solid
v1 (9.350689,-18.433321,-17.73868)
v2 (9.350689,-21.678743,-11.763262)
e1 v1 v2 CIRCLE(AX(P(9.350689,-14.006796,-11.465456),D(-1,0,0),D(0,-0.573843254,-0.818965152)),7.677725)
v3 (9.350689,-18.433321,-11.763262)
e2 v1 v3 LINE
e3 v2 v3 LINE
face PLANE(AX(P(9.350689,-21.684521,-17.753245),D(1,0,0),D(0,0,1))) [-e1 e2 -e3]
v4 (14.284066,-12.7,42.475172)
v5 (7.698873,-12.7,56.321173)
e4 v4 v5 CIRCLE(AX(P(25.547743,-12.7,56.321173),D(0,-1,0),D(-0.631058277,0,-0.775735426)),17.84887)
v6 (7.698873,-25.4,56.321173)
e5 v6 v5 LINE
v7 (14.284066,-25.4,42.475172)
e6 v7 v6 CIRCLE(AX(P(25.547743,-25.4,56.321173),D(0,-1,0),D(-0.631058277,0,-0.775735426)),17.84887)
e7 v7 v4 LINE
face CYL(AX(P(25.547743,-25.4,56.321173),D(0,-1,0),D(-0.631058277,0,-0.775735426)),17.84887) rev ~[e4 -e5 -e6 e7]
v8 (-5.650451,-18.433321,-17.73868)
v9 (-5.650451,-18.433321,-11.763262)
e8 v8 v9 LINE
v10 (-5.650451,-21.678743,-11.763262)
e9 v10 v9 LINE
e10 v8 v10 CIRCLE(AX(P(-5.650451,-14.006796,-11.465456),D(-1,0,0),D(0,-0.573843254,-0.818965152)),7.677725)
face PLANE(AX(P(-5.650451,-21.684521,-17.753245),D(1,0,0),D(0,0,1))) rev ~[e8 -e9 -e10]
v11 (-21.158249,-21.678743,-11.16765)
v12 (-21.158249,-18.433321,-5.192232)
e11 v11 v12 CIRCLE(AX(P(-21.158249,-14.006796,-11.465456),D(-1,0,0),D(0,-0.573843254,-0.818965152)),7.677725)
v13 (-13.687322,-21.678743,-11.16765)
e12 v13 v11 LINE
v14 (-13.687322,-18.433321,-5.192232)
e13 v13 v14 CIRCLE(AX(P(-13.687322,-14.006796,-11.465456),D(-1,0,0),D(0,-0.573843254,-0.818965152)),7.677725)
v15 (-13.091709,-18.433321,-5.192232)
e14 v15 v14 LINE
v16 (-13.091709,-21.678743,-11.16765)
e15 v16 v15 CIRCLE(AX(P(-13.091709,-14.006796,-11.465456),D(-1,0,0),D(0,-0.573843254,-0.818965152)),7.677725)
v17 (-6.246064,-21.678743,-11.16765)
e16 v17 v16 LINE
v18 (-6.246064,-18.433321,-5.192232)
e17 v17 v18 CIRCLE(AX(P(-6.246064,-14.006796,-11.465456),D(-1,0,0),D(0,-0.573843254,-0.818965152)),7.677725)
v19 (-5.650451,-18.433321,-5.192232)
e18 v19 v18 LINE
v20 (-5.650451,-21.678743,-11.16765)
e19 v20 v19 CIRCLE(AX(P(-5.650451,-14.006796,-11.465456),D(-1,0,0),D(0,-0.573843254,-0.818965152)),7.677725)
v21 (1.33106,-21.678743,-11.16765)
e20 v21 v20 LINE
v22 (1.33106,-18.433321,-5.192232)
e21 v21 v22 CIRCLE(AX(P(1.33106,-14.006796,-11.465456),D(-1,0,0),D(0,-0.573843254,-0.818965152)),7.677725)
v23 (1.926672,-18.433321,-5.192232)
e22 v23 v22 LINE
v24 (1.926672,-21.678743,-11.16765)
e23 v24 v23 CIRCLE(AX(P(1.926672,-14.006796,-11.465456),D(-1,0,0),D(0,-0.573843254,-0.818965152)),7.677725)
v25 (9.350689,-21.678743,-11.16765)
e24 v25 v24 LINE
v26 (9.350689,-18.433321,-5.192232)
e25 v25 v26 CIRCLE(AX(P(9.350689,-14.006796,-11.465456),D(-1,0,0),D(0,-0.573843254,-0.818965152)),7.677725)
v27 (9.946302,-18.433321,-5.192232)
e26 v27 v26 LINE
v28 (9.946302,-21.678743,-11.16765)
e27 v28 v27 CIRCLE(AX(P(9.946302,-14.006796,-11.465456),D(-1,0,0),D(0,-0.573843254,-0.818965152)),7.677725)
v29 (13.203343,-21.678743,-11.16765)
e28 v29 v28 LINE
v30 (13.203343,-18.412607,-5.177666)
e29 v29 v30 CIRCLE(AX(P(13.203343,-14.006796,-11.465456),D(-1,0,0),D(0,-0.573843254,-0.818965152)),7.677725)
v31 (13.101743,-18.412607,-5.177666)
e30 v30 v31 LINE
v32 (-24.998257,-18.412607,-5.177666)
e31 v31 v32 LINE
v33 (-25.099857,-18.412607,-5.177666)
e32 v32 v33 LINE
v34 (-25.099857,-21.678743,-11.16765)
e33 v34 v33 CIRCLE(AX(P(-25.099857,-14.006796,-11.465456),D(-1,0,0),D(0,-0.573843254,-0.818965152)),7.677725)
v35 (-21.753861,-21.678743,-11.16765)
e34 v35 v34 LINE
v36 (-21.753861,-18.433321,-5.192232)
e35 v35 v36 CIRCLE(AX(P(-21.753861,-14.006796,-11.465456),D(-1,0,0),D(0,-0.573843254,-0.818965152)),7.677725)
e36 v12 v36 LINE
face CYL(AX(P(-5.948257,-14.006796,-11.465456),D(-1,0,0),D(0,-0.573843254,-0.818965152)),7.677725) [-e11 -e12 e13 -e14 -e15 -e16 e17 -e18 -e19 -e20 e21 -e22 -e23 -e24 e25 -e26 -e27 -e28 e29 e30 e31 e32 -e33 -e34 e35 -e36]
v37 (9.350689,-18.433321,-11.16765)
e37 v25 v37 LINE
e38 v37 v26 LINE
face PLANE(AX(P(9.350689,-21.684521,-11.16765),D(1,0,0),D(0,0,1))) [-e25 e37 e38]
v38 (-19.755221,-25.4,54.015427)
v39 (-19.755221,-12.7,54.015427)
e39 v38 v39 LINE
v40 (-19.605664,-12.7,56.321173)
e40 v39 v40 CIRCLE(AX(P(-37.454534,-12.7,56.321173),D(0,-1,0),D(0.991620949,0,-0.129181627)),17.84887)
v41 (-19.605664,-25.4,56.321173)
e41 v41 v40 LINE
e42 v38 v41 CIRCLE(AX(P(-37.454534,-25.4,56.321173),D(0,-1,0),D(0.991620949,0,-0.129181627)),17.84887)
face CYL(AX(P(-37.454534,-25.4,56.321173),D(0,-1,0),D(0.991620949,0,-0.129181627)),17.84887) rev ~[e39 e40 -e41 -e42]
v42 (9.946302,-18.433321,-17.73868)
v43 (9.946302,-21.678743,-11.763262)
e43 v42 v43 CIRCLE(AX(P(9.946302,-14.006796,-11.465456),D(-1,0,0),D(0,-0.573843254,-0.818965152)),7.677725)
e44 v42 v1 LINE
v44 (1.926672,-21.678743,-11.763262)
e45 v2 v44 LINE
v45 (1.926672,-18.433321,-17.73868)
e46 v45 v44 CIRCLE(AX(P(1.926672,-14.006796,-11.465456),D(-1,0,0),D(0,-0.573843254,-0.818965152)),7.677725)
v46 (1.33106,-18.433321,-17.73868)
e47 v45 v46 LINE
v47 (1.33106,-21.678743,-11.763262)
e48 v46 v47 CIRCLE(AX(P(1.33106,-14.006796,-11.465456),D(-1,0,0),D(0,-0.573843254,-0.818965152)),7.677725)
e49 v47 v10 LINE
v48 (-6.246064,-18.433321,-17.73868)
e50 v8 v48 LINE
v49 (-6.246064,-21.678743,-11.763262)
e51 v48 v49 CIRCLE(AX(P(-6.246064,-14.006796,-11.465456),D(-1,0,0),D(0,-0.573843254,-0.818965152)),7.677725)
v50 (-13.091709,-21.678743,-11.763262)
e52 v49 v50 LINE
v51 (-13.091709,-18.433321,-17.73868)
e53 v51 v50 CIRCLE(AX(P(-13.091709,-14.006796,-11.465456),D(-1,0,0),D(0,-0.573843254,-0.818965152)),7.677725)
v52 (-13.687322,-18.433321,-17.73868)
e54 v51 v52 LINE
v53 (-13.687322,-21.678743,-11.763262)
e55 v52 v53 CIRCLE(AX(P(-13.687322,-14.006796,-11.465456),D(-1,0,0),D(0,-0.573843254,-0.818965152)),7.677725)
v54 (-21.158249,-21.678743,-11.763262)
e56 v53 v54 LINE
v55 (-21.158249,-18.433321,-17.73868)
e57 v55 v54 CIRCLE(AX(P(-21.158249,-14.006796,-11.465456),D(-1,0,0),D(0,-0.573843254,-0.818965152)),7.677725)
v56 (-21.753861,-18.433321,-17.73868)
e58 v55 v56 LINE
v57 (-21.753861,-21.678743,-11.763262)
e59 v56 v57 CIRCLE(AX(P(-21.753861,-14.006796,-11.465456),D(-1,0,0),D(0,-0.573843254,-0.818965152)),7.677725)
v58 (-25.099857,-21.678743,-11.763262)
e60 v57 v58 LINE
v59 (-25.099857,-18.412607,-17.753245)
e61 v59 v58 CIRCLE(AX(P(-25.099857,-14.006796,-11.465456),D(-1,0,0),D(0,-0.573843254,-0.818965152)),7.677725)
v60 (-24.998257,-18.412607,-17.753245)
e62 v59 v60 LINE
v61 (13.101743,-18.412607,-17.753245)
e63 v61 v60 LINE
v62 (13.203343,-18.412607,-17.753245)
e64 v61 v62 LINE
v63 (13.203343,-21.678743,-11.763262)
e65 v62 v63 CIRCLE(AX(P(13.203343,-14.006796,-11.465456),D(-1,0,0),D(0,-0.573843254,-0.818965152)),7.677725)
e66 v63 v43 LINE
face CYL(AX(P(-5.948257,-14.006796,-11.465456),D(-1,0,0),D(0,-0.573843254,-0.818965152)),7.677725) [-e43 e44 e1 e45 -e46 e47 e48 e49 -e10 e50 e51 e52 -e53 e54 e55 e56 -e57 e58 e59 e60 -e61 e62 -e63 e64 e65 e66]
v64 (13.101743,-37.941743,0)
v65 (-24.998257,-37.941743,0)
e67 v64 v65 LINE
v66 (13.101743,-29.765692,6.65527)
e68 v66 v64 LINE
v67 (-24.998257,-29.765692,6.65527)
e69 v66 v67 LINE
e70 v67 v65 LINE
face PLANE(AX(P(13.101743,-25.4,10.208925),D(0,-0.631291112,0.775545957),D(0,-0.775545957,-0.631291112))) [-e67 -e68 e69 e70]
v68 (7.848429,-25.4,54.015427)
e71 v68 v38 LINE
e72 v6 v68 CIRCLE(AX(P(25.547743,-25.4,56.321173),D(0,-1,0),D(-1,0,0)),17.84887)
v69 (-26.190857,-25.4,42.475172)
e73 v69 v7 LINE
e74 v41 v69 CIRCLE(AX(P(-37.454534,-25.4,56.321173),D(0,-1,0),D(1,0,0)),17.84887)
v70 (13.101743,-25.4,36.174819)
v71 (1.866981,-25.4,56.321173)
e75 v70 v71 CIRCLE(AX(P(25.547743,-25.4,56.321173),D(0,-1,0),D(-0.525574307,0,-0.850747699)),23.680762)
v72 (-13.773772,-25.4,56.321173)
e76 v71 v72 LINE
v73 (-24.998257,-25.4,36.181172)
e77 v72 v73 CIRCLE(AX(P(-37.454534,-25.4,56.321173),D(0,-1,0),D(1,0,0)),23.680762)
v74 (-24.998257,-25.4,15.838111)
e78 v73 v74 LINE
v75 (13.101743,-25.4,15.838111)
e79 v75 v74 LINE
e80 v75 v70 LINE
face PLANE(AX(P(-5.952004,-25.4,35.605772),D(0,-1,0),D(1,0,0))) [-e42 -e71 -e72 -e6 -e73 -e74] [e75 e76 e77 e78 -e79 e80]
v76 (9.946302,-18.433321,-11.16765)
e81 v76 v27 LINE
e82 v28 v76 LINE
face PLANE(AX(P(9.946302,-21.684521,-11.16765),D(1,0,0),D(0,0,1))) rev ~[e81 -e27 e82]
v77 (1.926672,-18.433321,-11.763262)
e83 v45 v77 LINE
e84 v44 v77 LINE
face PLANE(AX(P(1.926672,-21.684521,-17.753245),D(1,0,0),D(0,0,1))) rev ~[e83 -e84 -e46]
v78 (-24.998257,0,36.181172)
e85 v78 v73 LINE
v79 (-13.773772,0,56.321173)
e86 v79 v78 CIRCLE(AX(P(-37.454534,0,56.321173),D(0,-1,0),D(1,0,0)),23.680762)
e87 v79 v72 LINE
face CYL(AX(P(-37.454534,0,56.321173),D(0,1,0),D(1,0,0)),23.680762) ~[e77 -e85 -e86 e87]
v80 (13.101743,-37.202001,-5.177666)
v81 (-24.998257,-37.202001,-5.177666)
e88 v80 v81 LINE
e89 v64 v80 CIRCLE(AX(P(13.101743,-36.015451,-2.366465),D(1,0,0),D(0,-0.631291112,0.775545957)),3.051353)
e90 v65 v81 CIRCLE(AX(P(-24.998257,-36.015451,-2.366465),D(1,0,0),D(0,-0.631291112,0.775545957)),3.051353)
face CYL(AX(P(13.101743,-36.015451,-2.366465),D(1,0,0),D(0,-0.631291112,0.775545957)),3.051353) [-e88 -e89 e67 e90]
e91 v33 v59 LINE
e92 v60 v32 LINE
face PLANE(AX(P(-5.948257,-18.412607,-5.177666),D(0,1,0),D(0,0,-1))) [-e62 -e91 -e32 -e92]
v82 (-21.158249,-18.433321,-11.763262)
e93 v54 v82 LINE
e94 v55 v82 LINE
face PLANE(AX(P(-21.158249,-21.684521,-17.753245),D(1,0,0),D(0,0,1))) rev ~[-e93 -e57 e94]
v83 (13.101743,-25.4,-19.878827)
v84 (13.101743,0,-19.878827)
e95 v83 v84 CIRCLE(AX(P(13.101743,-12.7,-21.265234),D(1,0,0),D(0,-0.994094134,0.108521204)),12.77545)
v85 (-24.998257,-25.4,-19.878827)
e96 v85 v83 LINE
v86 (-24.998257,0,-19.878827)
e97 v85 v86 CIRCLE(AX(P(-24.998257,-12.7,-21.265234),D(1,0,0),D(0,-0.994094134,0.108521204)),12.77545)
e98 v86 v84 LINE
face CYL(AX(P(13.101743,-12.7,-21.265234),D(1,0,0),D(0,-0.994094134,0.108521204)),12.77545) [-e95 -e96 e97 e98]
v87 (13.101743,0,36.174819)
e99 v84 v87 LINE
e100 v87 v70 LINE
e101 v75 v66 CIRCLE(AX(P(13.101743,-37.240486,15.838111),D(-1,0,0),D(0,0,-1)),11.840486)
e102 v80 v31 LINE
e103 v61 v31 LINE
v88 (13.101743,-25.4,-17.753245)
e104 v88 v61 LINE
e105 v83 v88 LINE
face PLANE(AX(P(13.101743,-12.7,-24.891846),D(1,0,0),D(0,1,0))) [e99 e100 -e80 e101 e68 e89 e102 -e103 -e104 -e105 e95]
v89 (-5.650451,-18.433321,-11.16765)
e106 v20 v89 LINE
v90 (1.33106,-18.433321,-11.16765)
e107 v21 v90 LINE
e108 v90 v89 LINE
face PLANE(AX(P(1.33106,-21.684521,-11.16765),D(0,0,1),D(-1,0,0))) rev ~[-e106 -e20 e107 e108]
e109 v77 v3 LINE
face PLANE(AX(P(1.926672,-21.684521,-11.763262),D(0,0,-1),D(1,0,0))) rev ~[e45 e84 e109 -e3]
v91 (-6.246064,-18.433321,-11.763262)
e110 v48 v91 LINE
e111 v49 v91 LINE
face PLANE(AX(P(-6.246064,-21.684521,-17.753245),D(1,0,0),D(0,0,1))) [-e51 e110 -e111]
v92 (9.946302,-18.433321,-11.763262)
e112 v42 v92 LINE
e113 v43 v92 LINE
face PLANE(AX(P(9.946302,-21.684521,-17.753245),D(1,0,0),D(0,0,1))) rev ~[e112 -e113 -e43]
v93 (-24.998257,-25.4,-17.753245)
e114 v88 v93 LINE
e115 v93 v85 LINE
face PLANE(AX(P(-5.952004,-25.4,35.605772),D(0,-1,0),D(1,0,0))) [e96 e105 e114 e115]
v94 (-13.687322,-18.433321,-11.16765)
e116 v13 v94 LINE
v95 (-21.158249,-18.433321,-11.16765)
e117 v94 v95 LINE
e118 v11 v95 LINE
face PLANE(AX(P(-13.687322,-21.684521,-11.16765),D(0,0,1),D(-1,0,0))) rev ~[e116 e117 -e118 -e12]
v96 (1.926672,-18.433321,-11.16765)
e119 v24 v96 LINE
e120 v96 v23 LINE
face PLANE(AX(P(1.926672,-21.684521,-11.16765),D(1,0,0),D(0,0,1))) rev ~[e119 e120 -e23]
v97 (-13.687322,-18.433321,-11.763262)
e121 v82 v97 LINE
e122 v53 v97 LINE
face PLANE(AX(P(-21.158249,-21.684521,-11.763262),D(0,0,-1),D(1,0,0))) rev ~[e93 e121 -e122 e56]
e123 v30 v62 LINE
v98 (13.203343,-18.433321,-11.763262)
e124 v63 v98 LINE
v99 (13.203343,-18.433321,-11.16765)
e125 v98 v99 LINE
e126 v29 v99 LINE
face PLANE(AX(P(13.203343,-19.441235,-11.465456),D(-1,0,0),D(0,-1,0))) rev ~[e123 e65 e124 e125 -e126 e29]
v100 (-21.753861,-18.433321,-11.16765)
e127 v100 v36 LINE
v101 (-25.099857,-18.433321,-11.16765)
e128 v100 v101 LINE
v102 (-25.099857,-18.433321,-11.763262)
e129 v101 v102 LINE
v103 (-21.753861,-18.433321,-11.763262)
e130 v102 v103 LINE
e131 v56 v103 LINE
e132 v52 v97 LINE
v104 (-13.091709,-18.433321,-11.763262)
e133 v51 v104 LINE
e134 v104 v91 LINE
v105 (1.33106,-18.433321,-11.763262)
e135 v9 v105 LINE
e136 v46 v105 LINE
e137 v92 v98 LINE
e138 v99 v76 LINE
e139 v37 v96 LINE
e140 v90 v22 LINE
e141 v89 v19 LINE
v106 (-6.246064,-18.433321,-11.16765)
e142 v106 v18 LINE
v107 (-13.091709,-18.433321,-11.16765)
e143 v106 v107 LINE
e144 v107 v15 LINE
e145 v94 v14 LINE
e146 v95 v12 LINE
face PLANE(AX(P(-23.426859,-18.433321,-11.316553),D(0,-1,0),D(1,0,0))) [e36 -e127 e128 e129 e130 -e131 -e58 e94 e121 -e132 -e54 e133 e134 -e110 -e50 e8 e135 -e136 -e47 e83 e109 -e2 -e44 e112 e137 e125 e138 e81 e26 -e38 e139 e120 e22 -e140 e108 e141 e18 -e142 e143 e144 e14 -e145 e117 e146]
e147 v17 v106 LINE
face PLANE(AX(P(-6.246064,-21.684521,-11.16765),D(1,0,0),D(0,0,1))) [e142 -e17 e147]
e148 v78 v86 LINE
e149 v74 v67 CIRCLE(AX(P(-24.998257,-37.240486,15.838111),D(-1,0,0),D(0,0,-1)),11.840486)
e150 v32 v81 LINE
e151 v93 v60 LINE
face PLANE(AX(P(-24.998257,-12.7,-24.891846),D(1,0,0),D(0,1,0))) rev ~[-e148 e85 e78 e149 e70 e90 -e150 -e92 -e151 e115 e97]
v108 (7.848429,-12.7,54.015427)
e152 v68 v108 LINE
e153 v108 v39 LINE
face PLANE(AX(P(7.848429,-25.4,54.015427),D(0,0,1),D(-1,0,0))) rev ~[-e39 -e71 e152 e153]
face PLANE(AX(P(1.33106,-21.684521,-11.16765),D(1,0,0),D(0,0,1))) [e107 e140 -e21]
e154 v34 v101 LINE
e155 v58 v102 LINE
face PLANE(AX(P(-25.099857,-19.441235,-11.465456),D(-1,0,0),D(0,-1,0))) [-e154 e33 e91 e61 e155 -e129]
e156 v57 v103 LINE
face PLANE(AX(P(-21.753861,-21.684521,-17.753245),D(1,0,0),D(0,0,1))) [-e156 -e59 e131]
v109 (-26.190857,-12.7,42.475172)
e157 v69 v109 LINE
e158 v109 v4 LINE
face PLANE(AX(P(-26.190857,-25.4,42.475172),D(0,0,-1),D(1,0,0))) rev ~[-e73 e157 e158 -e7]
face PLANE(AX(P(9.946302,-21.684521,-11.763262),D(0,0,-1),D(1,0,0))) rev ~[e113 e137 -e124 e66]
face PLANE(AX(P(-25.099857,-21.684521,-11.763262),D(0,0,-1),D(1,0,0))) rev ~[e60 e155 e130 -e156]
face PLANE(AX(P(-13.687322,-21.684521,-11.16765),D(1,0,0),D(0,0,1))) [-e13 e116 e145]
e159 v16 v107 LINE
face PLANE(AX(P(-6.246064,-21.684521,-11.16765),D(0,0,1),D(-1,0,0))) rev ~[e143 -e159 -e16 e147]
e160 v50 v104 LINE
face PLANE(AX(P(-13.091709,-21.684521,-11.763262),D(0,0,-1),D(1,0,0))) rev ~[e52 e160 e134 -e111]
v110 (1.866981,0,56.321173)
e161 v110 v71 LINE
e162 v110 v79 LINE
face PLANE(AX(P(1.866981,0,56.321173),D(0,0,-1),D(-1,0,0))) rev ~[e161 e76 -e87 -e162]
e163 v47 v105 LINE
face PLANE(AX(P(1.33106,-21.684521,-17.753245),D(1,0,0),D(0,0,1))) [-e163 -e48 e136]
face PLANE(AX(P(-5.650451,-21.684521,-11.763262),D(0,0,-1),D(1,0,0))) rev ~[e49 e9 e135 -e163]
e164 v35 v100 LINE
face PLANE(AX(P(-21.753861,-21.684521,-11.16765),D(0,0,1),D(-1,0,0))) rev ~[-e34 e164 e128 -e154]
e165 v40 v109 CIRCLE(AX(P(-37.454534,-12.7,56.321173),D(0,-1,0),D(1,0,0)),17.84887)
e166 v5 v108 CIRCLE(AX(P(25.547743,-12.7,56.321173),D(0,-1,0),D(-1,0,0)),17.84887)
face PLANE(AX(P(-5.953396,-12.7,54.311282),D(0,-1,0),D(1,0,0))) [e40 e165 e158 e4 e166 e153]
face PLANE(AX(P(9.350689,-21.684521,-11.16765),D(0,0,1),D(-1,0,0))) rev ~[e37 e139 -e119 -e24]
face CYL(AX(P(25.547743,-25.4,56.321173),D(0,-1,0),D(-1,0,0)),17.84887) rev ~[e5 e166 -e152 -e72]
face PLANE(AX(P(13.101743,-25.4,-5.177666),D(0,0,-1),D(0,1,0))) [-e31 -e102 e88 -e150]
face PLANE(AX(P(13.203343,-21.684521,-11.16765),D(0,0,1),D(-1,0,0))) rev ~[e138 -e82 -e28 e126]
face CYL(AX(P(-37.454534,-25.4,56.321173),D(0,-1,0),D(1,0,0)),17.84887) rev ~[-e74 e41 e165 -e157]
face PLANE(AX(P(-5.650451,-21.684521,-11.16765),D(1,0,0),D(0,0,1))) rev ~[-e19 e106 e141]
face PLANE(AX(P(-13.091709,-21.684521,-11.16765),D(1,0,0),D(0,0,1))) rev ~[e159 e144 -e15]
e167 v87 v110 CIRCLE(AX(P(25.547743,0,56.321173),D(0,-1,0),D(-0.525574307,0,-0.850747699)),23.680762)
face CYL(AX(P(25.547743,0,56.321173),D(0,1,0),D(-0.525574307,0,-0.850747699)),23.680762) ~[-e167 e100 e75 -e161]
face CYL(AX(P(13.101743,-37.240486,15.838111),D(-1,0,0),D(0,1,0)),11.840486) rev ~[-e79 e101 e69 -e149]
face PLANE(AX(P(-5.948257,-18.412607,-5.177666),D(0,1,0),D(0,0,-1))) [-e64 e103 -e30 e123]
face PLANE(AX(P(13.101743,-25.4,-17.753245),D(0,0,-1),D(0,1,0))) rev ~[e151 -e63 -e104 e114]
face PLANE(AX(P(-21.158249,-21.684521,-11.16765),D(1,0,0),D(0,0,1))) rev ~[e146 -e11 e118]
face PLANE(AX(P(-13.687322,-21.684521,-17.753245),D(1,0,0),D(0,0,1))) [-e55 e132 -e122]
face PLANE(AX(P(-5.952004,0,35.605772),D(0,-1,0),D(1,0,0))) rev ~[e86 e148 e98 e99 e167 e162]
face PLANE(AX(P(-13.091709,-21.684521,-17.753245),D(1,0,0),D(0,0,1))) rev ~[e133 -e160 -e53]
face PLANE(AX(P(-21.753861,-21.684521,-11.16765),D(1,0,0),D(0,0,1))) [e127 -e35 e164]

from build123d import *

# Parameters (mm, degrees)
F1_DEPTH  = 25.4
F3_DEPTH  = 38.1
F5_DEPTH  = 38.1
F4_W      = 6.9873932093
F4_H      = 12.5755788758
F6_DEPTH  = 74.2380387742
F10_DEPTH = 19.1516
F12_DEPTH = 12.7
F14_W     = 3.3459962718
F14_H     = 0.297806253
F14_W_2   = 0.595612506
F14_W_3   = 7.4709270083
F14_H_2   = 5.9899831849
F14_W_4   = 6.8456454549
F14_W_5   = 6.9815108719
F14_W_6   = 7.4240169587
F14_W_7   = 3.2570409043
F15_DEPTH = 3.2512
F16_R     = 11.8404858978


with BuildPart() as f1:
    # F0 (on Front) → F1 (new body)
    with BuildSketch(Plane.XZ):
        with BuildLine():
            Line((1.8669807536, 56.3211729646), (-13.7737724727, 56.3211729646))
            ThreePointArc((-13.7737724727, 56.3211729646), (-58.1397054496, 67.8494936223), (-24.9982573971, 36.1811717994))
            Line((-24.9982573971, 36.1811717994), (-24.9982573971, -19.8788270354))
            Line((-24.9982573971, -19.8788270354), (13.1017426029, -19.8788270354))
            Line((13.1017426029, -19.8788270354), (13.1017426029, 36.1748193053))
            ThreePointArc((13.1017426029, 36.1748193053), (46.2299722184, 67.8547699704), (1.8669807536, 56.3211729646))
        make_face()
        with BuildLine():
            ThreePointArc((-26.1908572696, 42.4751723279), (-53.0432504616, 65.0145085437), (-19.7552210705, 54.0154269254))
            Line((-19.7552210705, 54.0154269254), (7.8484293514, 54.0154269254))
            ThreePointArc((7.8484293514, 54.0154269254), (41.1364587425, 65.0145085437), (14.2840655504, 42.4751723279))
            Line((14.2840655504, 42.4751723279), (-26.1908572696, 42.4751723279))
        make_face(mode=Mode.SUBTRACT)
        with BuildLine():
            Line((7.8484293514, 54.0154269254), (-19.7552210705, 54.0154269254))
            ThreePointArc((-19.7552210705, 54.0154269254), (-53.0432504616, 65.0145085437), (-26.1908572696, 42.4751723279))
            Line((-26.1908572696, 42.4751723279), (14.2840655504, 42.4751723279))
            ThreePointArc((14.2840655504, 42.4751723279), (41.1364587425, 65.0145085437), (7.8484293514, 54.0154269254))
        make_face()
    extrude(amount=F1_DEPTH)

    # F2 (on face) → F3 (join, through all)
    with BuildSketch(Plane.YZ.offset(13.1017426029)):
        with BuildLine():
            Line((0, -19.8788270354), (-25.4, -19.8788270354))
            ThreePointArc((-25.4, -19.8788270354), (-12.7, -34.0406843529), (0, -19.8788270354))
        make_face()
    extrude(amount=-F3_DEPTH)

    # F4 (on face) → F5 (join, through all)
    with BuildSketch(Plane.YZ.offset(13.1017426029)):
        with BuildLine():
            Line((-25.4, -5.1776664332), (-25.4, 10.2089252323))
            Line((-25.4, 10.2089252323), (-37.9417426884, 0))
            ThreePointArc((-37.9417426884, 0), (-39.036129938, -2.7980343054), (-37.202000618, -5.1776664332))
            Line((-37.202000618, -5.1776664332), (-25.4, -5.1776664332))
        make_face()
    extrude(amount=-F5_DEPTH)

    # F4 (on face) → F6 (cut, through all)
    with BuildSketch(Plane.YZ.offset(13.1017426029)):
        with Locations((-21.9063033953, -11.4654558711)):
            Rectangle(F4_W, F4_H)
    extrude(amount=-F6_DEPTH, mode=Mode.SUBTRACT)

    # F9 (on line) → F10 (join, symmetric)
    with BuildSketch(Plane(origin=(-5.9482573971, 0, 0), x_dir=(0, -1, 0), z_dir=(-1, 0, 0))):
        with BuildLine():
            ThreePointArc((18.4126067907, -17.753245309), (21.6845212051, -11.4654558711), (18.4126067907, -5.1776664332))
            Line((18.4126067907, -5.1776664332), (18.4126067907, -17.753245309))
        make_face()
    extrude(amount=F10_DEPTH, both=True)

    # F11 (on face) → F12 (cut)
    with BuildSketch(Plane.XZ.offset(25.4)):
        with BuildLine():
            Line((-26.1908572696, 42.4751723279), (-24.9982573971, 42.4751723279))
            Line((-24.9982573971, 42.4751723279), (13.1017426029, 42.4751723279))
            Line((13.1017426029, 42.4751723279), (14.2840655504, 42.4751723279))
            ThreePointArc((14.2840655504, 42.4751723279), (41.6664593623, 63.9872752599), (7.6988727683, 56.3211729646))
            ThreePointArc((7.6988727683, 56.3211729646), (7.736301157, 55.1658773348), (7.8484293514, 54.0154269254))
            Line((7.8484293514, 54.0154269254), (-19.7552210705, 54.0154269254))
            ThreePointArc((-19.7552210705, 54.0154269254), (-19.6430928761, 55.1658773348), (-19.6056644874, 56.3211729646))
            ThreePointArc((-19.6056644874, 56.3211729646), (-53.5732510815, 63.9872752599), (-26.1908572696, 42.4751723279))
        make_face()
    extrude(amount=-F12_DEPTH, mode=Mode.SUBTRACT)

    # F14 (on line) → F15 (cut)
    with BuildSketch(Plane.XZ.offset(21.6845212051)):
        with Locations((-23.4268592612, -11.3165527446)):
            Rectangle(F14_W, F14_H)
        with Locations((-23.4268592612, -11.6143589976)):
            Rectangle(F14_W, F14_H)
        with Locations((-21.4560548723, -11.3165527446)):
            Rectangle(F14_W_2, F14_H)
        with Locations((-21.4560548723, -11.6143589976)):
            Rectangle(F14_W_2, F14_H)
        with Locations((-17.4227851151, -11.3165527446)):
            Rectangle(F14_W_3, F14_H)
        with Locations((-17.4227851151, -11.6143589976)):
            Rectangle(F14_W_3, F14_H)
        with Locations((-21.4560548723, -8.1726580256)):
            Rectangle(F14_W_2, F14_H_2)
        with Locations((-21.4560548723, -14.7582537165)):
            Rectangle(F14_W_2, F14_H_2)
        with Locations((-13.389515358, -11.3165527446)):
            Rectangle(F14_W_2, F14_H)
        with Locations((-13.389515358, -11.6143589976)):
            Rectangle(F14_W_2, F14_H)
        with Locations((-9.6688863776, -11.3165527446)):
            Rectangle(F14_W_4, F14_H)
        with Locations((-9.6688863776, -11.6143589976)):
            Rectangle(F14_W_4, F14_H)
        with Locations((-13.389515358, -8.1726580256)):
            Rectangle(F14_W_2, F14_H_2)
        with Locations((-13.389515358, -14.7582537165)):
            Rectangle(F14_W_2, F14_H_2)
        with Locations((-5.9482573971, -11.3165527446)):
            Rectangle(F14_W_2, F14_H)
        with Locations((-5.9482573971, -11.6143589976)):
            Rectangle(F14_W_2, F14_H)
        with Locations((-2.1596957082, -11.3165527446)):
            Rectangle(F14_W_5, F14_H)
        with Locations((-2.1596957082, -11.6143589976)):
            Rectangle(F14_W_5, F14_H)
        with Locations((-5.9482573971, -8.1726580256)):
            Rectangle(F14_W_2, F14_H_2)
        with Locations((-5.9482573971, -14.7582537165)):
            Rectangle(F14_W_2, F14_H_2)
        with Locations((1.6288659808, -11.3165527446)):
            Rectangle(F14_W_2, F14_H)
        with Locations((1.6288659808, -11.6143589976)):
            Rectangle(F14_W_2, F14_H)
        with Locations((5.6386807132, -11.3165527446)):
            Rectangle(F14_W_6, F14_H)
        with Locations((5.6386807132, -11.6143589976)):
            Rectangle(F14_W_6, F14_H)
        with Locations((1.6288659808, -8.1726580256)):
            Rectangle(F14_W_2, F14_H_2)
        with Locations((1.6288659808, -14.7582537165)):
            Rectangle(F14_W_2, F14_H_2)
        with Locations((9.6484954455, -11.3165527446)):
            Rectangle(F14_W_2, F14_H)
        with Locations((9.6484954455, -11.6143589976)):
            Rectangle(F14_W_2, F14_H)
        with Locations((11.5748221507, -11.3165527446)):
            Rectangle(F14_W_7, F14_H)
        with Locations((11.5748221507, -11.6143589976)):
            Rectangle(F14_W_7, F14_H)
        with Locations((9.6484954455, -8.1726580256)):
            Rectangle(F14_W_2, F14_H_2)
        with Locations((9.6484954455, -14.7582537165)):
            Rectangle(F14_W_2, F14_H_2)
    extrude(amount=-F15_DEPTH, mode=Mode.SUBTRACT)

    # F16
    f16_edges = [f1.edges().sort_by_distance(p)[0] for p in [
        (-5.948257, -25.4, 10.208925),
    ]]
    fillet(f16_edges, radius=F16_R)


solid = f1.part
